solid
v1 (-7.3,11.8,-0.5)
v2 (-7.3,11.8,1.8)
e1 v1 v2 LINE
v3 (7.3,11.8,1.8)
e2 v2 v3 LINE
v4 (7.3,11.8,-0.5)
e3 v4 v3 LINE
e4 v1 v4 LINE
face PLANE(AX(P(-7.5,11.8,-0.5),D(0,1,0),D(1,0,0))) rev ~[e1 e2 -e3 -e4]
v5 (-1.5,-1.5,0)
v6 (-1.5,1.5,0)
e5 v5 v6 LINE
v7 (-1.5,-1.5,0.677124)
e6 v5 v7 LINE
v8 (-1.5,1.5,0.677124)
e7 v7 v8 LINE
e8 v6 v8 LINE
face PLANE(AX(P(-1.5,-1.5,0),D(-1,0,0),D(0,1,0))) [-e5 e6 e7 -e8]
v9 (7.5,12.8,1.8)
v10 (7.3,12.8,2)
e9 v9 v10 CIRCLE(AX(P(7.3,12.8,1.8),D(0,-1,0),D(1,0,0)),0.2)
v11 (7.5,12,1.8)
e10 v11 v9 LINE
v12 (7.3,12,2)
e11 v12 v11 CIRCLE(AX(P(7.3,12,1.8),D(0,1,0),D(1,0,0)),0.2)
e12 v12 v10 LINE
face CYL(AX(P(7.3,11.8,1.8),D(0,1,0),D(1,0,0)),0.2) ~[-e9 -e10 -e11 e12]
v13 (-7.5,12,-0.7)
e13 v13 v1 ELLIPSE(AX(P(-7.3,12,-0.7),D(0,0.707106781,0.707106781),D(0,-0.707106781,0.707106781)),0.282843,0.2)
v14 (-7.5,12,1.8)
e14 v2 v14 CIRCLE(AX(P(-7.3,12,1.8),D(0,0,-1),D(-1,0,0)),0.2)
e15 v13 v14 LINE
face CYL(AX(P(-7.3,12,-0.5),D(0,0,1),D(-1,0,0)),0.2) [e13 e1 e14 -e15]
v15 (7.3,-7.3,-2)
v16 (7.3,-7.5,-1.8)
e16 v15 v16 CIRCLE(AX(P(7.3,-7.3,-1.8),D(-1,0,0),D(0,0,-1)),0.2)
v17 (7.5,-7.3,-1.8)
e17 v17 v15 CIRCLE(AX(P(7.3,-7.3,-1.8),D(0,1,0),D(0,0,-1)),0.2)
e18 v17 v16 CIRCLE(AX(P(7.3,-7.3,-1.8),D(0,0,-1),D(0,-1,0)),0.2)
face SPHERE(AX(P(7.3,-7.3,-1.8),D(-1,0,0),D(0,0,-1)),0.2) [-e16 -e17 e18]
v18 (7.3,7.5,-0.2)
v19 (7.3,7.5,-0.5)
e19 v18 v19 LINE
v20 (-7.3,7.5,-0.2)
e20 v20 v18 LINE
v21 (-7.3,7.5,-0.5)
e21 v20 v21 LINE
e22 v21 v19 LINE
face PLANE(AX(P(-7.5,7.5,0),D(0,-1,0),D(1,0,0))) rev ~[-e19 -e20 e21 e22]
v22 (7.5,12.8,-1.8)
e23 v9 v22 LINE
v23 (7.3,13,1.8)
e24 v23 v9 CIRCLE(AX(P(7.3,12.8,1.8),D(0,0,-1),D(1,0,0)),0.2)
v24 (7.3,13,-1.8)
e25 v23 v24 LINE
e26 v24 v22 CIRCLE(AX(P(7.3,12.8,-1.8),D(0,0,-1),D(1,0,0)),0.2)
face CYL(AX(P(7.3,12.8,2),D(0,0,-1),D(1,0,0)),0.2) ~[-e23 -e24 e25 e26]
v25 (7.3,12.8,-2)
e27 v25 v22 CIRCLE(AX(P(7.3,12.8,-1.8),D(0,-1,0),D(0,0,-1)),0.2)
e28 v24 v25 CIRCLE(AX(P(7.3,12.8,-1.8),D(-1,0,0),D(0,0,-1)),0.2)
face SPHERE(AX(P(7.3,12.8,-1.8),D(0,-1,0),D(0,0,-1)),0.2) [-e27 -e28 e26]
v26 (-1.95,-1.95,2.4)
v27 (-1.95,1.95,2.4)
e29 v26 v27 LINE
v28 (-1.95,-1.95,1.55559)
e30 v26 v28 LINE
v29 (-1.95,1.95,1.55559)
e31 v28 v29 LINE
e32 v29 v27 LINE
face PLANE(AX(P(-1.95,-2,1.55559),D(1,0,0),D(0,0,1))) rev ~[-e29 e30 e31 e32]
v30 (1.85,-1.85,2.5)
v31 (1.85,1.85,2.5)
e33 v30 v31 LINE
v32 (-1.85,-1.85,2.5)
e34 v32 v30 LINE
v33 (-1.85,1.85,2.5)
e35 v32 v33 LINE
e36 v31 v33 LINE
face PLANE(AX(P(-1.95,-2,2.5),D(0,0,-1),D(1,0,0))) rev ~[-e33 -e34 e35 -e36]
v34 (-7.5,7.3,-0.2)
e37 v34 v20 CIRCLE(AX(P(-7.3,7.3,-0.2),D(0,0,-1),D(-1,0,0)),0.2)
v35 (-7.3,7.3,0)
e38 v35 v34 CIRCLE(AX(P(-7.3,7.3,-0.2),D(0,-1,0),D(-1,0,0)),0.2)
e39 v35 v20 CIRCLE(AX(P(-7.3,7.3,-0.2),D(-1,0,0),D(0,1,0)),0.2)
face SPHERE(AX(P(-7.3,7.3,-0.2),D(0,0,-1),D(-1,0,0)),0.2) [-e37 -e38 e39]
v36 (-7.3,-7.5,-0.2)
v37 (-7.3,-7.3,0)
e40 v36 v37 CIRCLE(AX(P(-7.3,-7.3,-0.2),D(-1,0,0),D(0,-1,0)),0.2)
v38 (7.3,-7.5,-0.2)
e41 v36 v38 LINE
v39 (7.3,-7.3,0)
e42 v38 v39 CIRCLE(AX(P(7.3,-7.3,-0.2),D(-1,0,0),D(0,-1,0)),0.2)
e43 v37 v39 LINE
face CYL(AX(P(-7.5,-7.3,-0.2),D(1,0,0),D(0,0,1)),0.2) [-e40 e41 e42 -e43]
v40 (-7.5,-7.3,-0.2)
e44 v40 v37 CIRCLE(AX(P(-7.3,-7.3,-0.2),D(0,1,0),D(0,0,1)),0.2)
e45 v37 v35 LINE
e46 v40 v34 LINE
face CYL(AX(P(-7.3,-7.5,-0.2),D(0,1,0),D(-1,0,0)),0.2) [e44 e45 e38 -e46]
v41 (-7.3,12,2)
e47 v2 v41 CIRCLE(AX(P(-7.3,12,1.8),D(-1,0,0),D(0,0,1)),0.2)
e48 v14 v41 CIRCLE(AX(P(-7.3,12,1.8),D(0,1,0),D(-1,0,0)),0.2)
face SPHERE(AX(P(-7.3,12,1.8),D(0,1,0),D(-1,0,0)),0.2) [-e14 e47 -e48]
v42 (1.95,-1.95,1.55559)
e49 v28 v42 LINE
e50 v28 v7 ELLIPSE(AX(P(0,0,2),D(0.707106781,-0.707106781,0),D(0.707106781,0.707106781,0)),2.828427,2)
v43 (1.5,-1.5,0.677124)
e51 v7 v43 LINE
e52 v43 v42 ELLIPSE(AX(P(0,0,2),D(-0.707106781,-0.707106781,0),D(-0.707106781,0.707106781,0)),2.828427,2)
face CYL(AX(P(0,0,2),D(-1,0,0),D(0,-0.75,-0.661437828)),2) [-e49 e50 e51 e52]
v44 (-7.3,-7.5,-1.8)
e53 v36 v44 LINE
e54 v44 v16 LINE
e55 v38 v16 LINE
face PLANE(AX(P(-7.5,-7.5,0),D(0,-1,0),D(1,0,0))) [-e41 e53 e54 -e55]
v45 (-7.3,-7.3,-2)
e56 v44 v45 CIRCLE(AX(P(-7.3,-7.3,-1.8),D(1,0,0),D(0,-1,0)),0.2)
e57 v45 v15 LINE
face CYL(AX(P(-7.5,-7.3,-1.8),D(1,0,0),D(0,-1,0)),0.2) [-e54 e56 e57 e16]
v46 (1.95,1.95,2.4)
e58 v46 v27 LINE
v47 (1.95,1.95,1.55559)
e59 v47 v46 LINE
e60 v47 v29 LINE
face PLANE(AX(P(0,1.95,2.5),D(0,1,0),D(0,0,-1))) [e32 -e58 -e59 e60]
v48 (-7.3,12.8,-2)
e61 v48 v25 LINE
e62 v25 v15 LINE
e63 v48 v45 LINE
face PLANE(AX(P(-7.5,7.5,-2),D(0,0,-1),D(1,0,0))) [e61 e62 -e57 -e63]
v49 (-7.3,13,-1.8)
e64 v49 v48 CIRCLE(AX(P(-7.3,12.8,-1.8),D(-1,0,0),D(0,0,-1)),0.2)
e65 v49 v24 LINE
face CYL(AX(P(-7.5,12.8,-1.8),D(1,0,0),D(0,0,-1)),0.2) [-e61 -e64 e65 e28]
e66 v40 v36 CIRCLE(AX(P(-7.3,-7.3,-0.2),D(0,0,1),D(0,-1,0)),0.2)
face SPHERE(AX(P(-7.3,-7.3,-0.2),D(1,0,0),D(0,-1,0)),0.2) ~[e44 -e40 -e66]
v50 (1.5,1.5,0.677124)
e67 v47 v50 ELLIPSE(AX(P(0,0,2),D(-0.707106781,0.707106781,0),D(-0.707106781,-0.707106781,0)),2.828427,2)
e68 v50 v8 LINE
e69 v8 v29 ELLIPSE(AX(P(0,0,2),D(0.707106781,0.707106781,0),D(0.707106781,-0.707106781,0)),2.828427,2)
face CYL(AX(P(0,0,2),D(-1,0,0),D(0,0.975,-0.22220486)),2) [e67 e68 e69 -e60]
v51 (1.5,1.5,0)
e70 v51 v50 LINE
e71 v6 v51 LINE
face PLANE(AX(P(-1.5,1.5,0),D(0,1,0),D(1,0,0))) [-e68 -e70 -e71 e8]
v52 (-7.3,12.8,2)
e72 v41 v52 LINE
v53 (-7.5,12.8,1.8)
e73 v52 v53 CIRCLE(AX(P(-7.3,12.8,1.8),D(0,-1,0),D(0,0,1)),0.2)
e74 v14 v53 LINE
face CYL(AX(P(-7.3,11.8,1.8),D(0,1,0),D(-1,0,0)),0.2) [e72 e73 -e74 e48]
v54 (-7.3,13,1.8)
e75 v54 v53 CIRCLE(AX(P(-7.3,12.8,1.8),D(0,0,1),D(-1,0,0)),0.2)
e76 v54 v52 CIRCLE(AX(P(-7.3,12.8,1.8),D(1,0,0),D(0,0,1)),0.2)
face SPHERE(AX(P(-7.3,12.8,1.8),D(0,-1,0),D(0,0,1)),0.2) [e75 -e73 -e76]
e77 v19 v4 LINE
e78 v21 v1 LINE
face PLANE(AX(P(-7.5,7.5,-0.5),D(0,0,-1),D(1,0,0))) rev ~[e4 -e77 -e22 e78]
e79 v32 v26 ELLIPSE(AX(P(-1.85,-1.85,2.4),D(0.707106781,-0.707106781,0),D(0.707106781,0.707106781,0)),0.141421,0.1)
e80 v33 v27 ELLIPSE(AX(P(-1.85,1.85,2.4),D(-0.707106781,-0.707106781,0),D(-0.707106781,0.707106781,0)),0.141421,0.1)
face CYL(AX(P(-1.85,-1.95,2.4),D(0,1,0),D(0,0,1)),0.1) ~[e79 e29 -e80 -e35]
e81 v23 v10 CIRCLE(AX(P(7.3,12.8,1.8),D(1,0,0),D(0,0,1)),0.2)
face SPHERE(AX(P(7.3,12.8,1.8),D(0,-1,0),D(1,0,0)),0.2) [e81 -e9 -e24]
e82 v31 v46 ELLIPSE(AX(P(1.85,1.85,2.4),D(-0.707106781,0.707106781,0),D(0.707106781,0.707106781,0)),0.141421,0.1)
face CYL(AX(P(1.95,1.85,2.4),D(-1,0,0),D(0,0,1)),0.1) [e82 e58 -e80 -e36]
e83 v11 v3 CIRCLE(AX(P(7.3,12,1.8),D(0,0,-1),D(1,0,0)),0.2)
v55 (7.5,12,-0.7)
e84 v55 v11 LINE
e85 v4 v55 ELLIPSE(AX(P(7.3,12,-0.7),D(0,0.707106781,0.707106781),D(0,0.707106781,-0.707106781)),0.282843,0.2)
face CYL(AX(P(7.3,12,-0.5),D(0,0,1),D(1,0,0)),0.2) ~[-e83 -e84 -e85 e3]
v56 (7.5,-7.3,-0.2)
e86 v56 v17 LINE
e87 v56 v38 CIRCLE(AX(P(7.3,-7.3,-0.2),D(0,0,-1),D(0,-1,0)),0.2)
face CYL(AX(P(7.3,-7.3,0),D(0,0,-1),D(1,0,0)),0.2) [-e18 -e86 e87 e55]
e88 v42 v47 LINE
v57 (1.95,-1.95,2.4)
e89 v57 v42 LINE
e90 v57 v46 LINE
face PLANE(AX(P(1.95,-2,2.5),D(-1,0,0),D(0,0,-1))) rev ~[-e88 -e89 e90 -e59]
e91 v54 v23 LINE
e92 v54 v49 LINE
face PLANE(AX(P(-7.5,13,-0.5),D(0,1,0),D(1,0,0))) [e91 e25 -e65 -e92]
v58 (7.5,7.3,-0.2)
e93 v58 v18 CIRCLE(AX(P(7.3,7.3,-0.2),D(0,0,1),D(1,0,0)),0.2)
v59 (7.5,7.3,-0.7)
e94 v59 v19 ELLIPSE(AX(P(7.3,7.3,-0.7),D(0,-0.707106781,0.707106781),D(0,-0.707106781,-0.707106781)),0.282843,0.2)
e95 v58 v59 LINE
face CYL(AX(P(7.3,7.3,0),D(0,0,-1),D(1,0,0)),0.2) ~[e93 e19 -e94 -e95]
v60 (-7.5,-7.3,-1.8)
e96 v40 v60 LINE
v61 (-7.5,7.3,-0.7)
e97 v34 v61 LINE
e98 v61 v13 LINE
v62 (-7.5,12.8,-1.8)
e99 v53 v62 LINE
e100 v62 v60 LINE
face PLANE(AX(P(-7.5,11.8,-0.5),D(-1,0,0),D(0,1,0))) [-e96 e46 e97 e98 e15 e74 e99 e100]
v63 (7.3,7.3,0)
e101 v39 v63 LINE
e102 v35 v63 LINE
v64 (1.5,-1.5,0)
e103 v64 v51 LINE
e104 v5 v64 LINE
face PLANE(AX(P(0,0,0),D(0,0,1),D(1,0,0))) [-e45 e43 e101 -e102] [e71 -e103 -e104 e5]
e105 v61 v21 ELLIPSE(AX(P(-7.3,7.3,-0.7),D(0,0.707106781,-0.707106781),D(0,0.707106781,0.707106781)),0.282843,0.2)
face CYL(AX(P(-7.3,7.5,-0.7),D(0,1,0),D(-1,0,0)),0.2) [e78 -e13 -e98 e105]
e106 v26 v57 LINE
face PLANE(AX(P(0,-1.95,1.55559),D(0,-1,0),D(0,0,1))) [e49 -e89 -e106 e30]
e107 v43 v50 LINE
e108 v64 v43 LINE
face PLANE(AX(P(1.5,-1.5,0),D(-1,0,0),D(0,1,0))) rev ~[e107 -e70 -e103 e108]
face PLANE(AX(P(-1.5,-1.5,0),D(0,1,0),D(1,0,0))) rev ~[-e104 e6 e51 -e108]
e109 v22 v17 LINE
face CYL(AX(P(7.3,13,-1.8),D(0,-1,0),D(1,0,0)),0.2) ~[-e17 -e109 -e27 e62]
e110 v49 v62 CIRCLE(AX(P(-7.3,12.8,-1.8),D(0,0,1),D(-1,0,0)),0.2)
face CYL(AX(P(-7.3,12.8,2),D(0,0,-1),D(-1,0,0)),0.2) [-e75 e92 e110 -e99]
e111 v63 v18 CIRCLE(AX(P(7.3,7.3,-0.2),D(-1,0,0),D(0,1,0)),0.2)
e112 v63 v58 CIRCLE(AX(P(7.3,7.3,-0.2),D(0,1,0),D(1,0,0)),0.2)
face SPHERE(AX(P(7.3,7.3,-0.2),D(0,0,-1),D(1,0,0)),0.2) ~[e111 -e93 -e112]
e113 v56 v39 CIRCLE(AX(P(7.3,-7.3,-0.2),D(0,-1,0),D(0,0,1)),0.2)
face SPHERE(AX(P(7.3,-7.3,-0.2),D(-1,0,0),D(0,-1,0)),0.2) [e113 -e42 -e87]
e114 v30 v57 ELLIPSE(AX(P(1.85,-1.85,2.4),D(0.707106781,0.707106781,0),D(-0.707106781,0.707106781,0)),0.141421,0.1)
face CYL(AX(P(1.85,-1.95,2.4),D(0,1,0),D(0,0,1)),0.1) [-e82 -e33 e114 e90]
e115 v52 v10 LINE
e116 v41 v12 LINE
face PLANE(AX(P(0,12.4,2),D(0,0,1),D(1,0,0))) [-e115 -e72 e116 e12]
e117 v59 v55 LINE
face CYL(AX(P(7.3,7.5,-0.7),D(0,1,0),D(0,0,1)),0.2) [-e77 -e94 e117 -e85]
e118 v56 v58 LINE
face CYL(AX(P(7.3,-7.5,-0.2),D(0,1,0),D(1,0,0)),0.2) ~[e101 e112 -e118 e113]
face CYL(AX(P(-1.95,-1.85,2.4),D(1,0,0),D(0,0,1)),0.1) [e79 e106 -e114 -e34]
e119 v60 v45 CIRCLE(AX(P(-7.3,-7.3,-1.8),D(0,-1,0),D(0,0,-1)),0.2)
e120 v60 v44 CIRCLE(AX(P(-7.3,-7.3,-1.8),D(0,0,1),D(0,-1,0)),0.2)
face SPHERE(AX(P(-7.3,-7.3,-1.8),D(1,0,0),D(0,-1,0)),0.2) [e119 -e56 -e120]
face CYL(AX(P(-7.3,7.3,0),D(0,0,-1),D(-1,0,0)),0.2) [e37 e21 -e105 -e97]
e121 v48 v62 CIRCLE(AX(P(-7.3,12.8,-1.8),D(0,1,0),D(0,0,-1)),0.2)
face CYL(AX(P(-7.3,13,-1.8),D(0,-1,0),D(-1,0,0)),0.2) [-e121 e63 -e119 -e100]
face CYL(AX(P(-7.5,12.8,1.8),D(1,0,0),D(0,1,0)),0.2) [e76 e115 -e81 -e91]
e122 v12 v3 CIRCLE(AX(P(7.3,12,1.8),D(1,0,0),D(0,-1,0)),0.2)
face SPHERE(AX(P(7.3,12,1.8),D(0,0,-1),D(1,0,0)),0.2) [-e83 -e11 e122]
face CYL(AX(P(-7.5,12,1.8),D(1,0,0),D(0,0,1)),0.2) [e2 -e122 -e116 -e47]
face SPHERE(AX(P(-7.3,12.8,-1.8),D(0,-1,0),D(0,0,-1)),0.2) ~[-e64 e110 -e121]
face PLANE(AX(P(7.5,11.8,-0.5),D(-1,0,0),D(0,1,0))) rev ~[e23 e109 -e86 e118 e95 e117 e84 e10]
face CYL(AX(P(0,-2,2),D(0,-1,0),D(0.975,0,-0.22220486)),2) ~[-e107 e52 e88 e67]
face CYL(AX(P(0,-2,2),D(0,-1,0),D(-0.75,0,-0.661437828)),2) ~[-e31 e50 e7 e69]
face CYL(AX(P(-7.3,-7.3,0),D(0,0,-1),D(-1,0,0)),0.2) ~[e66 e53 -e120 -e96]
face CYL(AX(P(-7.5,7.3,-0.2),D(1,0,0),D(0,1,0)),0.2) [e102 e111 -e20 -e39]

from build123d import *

# Parameters (mm, degrees)
SKETCH_1_W                      = 15
SKETCH_1_H                      = 15
EXTRUDE_1_DEPTH                 = 2
SKETCH_2_W                      = 3
SKETCH_2_H                      = 3
EXTRUDE_2_DEPTH                 = 1
EXTRUDE_3_DEPTH                 = 2
EXTRUDE_3_DEPTH_BACK            = 2
CUT_EXTRUDE_1_REACH             = 12.897
CUT_EXTRUDE_1_DIRECTION_2_REACH = 12.897
FILLET_1_R                      = 0.1
SKETCH_5_W                      = 15
SKETCH_5_H                      = 1.5
EXTRUDE_4_DEPTH                 = 5.5
SKETCH_6_W                      = 15
SKETCH_6_H                      = 1.2
EXTRUDE_5_DEPTH                 = 2.5
FILLET_2_R                      = 0.2


with BuildPart() as part:
    # 草图1 → 凸台-拉伸1 (new body)
    with BuildSketch(Plane.XY):
        Rectangle(SKETCH_1_W, SKETCH_1_H)
    extrude(amount=-EXTRUDE_1_DEPTH)

    # 草图2 → 凸台-拉伸2 (add)
    with BuildSketch(Plane.XY):
        Rectangle(SKETCH_2_W, SKETCH_2_H)
    extrude(amount=EXTRUDE_2_DEPTH)

    # 草图3 → 凸台-拉伸3 (add, two sides: drawn at the far end of the back side and taken through both)
    with BuildSketch(Plane(origin=(0, 0, 0), x_dir=(1, 0, 0), z_dir=(0, 1, 0)).offset(-EXTRUDE_3_DEPTH_BACK)):
        with BuildLine():
            Line((-1.95, -2.5), (1.95, -2.5))
            Line((1.95, -2.5), (1.95, -1.555590279))
            ThreePointArc((1.95, -1.555590279), (1.780042303, -1.088161527), (1.5, -0.677124344))
            Line((1.5, -0.677124344), (-1.5, -0.677124344))
            ThreePointArc((-1.5, -0.677124344), (-1.780042303, -1.088161527), (-1.95, -1.555590279))
            Line((-1.95, -1.555590279), (-1.95, -2.5))
        make_face()
    extrude(amount=EXTRUDE_3_DEPTH + EXTRUDE_3_DEPTH_BACK)

    # 草图4 → 切除-拉伸1 (cut, up to next)
    with BuildSketch(Plane(origin=(0, 0, 0), x_dir=(0, 0, -1), z_dir=(1, 0, 0)), mode=Mode.PRIVATE) as cut_extrude_1_sk1:
        with BuildLine():
            Line((-2.5, 1.95), (-1.555590279, 1.95))
            ThreePointArc((-1.555590279, 1.95), (-1.088161527, 1.780042303), (-0.677124344, 1.5))
            Line((-0.677124344, 1.5), (-0.677124344, 2))
            Line((-0.677124344, 2), (-2.5, 2))
            Line((-2.5, 2), (-2.5, 1.95))
        make_face()
    cut_extrude_1_tool1 = extrude(cut_extrude_1_sk1.sketch, amount=-CUT_EXTRUDE_1_REACH, mode=Mode.PRIVATE) & part.part
    # 草图4 → 切除-拉伸1 (cut, up to next)
    with BuildSketch(Plane(origin=(0, 0, 0), x_dir=(0, 0, -1), z_dir=(1, 0, 0)), mode=Mode.PRIVATE) as cut_extrude_1_sk2:
        with BuildLine():
            Line((-2.5, -2), (-0.677124344, -2))
            Line((-0.677124344, -2), (-0.677124344, -1.5))
            ThreePointArc((-0.677124344, -1.5), (-1.088161527, -1.780042303), (-1.555590279, -1.95))
            Line((-1.555590279, -1.95), (-2.5, -1.95))
            Line((-2.5, -1.95), (-2.5, -2))
        make_face()
    cut_extrude_1_tool2 = extrude(cut_extrude_1_sk2.sketch, amount=-CUT_EXTRUDE_1_REACH, mode=Mode.PRIVATE) & part.part
    add(cut_extrude_1_tool1.solids().sort_by_distance((0, 1.873038, 1.175075))[0], mode=Mode.SUBTRACT)
    add(cut_extrude_1_tool2.solids().sort_by_distance((0, -1.873038, 1.175075))[0], mode=Mode.SUBTRACT)

    # 草图4 → 切除-拉伸1 direction 2 (cut, up to next)
    with BuildSketch(Plane(origin=(0, 0, 0), x_dir=(0, 0, -1), z_dir=(1, 0, 0)), mode=Mode.PRIVATE) as cut_extrude_1_direction_2_sk1:
        with BuildLine():
            Line((-2.5, 1.95), (-1.555590279, 1.95))
            ThreePointArc((-1.555590279, 1.95), (-1.088161527, 1.780042303), (-0.677124344, 1.5))
            Line((-0.677124344, 1.5), (-0.677124344, 2))
            Line((-0.677124344, 2), (-2.5, 2))
            Line((-2.5, 2), (-2.5, 1.95))
        make_face()
    cut_extrude_1_direction_2_tool1 = extrude(cut_extrude_1_direction_2_sk1.sketch, amount=CUT_EXTRUDE_1_DIRECTION_2_REACH, mode=Mode.PRIVATE) & part.part
    # 草图4 → 切除-拉伸1 direction 2 (cut, up to next)
    with BuildSketch(Plane(origin=(0, 0, 0), x_dir=(0, 0, -1), z_dir=(1, 0, 0)), mode=Mode.PRIVATE) as cut_extrude_1_direction_2_sk2:
        with BuildLine():
            Line((-2.5, -2), (-0.677124344, -2))
            Line((-0.677124344, -2), (-0.677124344, -1.5))
            ThreePointArc((-0.677124344, -1.5), (-1.088161527, -1.780042303), (-1.555590279, -1.95))
            Line((-1.555590279, -1.95), (-2.5, -1.95))
            Line((-2.5, -1.95), (-2.5, -2))
        make_face()
    cut_extrude_1_direction_2_tool2 = extrude(cut_extrude_1_direction_2_sk2.sketch, amount=CUT_EXTRUDE_1_DIRECTION_2_REACH, mode=Mode.PRIVATE) & part.part
    add(cut_extrude_1_direction_2_tool1.solids().sort_by_distance((0, 1.873038, 1.175075))[0], mode=Mode.SUBTRACT)
    add(cut_extrude_1_direction_2_tool2.solids().sort_by_distance((0, -1.873038, 1.175075))[0], mode=Mode.SUBTRACT)

    # 圆角1
    fillet_1_edges = [part.edges().sort_by_distance(p)[0] for p in [
        (-1.95, 0, 2.5),
        (1.95, 0, 2.5),
        (0, -1.95, 2.5),
        (0, 1.95, 2.5),
    ]]
    fillet(fillet_1_edges, radius=FILLET_1_R)

    # 草图5 → 凸台-拉伸4 (add)
    with BuildSketch(Plane(origin=(0, 7.5, 0), x_dir=(1, 0, 0), z_dir=(0, 1, 0))):
        with Locations((0, 1.25)):
            Rectangle(SKETCH_5_W, SKETCH_5_H)
    extrude(amount=EXTRUDE_4_DEPTH)

    # 草图6 → 凸台-拉伸5 (add)
    with BuildSketch(Plane.XY.offset(-0.5)):
        with Locations((0, 12.4)):
            Rectangle(SKETCH_6_W, SKETCH_6_H)
    extrude(amount=EXTRUDE_5_DEPTH)

    # 圆角2
    fillet_2_edges = [part.edges().sort_by_distance(p)[0] for p in [
        (0, -7.5, -2),
        (0, -7.5, 0),
        (-7.5, -7.5, -1),
        (-7.5, 2.75, -2),
        (-7.5, 12.4, 2),
        (-7.5, 11.8, 0.75),
        (-7.5, 9.65, -0.5),
        (-7.5, 7.5, -0.25),
        (-7.5, 0, 0),
        (7.5, 7.5, -0.25),
        (7.5, 9.65, -0.5),
        (7.5, 11.8, 0.75),
        (7.5, 12.4, 2),
        (7.5, 2.75, -2),
        (7.5, -7.5, -1),
        (7.5, 0, 0),
        (0, 13, -2),
        (7.5, 13, 0),
        (0, 13, 2),
        (-7.5, 13, 0),
        (0, 7.5, 0),
        (0, 11.8, 2),
    ]]
    fillet(fillet_2_edges, radius=FILLET_2_R)


solid = part.part
